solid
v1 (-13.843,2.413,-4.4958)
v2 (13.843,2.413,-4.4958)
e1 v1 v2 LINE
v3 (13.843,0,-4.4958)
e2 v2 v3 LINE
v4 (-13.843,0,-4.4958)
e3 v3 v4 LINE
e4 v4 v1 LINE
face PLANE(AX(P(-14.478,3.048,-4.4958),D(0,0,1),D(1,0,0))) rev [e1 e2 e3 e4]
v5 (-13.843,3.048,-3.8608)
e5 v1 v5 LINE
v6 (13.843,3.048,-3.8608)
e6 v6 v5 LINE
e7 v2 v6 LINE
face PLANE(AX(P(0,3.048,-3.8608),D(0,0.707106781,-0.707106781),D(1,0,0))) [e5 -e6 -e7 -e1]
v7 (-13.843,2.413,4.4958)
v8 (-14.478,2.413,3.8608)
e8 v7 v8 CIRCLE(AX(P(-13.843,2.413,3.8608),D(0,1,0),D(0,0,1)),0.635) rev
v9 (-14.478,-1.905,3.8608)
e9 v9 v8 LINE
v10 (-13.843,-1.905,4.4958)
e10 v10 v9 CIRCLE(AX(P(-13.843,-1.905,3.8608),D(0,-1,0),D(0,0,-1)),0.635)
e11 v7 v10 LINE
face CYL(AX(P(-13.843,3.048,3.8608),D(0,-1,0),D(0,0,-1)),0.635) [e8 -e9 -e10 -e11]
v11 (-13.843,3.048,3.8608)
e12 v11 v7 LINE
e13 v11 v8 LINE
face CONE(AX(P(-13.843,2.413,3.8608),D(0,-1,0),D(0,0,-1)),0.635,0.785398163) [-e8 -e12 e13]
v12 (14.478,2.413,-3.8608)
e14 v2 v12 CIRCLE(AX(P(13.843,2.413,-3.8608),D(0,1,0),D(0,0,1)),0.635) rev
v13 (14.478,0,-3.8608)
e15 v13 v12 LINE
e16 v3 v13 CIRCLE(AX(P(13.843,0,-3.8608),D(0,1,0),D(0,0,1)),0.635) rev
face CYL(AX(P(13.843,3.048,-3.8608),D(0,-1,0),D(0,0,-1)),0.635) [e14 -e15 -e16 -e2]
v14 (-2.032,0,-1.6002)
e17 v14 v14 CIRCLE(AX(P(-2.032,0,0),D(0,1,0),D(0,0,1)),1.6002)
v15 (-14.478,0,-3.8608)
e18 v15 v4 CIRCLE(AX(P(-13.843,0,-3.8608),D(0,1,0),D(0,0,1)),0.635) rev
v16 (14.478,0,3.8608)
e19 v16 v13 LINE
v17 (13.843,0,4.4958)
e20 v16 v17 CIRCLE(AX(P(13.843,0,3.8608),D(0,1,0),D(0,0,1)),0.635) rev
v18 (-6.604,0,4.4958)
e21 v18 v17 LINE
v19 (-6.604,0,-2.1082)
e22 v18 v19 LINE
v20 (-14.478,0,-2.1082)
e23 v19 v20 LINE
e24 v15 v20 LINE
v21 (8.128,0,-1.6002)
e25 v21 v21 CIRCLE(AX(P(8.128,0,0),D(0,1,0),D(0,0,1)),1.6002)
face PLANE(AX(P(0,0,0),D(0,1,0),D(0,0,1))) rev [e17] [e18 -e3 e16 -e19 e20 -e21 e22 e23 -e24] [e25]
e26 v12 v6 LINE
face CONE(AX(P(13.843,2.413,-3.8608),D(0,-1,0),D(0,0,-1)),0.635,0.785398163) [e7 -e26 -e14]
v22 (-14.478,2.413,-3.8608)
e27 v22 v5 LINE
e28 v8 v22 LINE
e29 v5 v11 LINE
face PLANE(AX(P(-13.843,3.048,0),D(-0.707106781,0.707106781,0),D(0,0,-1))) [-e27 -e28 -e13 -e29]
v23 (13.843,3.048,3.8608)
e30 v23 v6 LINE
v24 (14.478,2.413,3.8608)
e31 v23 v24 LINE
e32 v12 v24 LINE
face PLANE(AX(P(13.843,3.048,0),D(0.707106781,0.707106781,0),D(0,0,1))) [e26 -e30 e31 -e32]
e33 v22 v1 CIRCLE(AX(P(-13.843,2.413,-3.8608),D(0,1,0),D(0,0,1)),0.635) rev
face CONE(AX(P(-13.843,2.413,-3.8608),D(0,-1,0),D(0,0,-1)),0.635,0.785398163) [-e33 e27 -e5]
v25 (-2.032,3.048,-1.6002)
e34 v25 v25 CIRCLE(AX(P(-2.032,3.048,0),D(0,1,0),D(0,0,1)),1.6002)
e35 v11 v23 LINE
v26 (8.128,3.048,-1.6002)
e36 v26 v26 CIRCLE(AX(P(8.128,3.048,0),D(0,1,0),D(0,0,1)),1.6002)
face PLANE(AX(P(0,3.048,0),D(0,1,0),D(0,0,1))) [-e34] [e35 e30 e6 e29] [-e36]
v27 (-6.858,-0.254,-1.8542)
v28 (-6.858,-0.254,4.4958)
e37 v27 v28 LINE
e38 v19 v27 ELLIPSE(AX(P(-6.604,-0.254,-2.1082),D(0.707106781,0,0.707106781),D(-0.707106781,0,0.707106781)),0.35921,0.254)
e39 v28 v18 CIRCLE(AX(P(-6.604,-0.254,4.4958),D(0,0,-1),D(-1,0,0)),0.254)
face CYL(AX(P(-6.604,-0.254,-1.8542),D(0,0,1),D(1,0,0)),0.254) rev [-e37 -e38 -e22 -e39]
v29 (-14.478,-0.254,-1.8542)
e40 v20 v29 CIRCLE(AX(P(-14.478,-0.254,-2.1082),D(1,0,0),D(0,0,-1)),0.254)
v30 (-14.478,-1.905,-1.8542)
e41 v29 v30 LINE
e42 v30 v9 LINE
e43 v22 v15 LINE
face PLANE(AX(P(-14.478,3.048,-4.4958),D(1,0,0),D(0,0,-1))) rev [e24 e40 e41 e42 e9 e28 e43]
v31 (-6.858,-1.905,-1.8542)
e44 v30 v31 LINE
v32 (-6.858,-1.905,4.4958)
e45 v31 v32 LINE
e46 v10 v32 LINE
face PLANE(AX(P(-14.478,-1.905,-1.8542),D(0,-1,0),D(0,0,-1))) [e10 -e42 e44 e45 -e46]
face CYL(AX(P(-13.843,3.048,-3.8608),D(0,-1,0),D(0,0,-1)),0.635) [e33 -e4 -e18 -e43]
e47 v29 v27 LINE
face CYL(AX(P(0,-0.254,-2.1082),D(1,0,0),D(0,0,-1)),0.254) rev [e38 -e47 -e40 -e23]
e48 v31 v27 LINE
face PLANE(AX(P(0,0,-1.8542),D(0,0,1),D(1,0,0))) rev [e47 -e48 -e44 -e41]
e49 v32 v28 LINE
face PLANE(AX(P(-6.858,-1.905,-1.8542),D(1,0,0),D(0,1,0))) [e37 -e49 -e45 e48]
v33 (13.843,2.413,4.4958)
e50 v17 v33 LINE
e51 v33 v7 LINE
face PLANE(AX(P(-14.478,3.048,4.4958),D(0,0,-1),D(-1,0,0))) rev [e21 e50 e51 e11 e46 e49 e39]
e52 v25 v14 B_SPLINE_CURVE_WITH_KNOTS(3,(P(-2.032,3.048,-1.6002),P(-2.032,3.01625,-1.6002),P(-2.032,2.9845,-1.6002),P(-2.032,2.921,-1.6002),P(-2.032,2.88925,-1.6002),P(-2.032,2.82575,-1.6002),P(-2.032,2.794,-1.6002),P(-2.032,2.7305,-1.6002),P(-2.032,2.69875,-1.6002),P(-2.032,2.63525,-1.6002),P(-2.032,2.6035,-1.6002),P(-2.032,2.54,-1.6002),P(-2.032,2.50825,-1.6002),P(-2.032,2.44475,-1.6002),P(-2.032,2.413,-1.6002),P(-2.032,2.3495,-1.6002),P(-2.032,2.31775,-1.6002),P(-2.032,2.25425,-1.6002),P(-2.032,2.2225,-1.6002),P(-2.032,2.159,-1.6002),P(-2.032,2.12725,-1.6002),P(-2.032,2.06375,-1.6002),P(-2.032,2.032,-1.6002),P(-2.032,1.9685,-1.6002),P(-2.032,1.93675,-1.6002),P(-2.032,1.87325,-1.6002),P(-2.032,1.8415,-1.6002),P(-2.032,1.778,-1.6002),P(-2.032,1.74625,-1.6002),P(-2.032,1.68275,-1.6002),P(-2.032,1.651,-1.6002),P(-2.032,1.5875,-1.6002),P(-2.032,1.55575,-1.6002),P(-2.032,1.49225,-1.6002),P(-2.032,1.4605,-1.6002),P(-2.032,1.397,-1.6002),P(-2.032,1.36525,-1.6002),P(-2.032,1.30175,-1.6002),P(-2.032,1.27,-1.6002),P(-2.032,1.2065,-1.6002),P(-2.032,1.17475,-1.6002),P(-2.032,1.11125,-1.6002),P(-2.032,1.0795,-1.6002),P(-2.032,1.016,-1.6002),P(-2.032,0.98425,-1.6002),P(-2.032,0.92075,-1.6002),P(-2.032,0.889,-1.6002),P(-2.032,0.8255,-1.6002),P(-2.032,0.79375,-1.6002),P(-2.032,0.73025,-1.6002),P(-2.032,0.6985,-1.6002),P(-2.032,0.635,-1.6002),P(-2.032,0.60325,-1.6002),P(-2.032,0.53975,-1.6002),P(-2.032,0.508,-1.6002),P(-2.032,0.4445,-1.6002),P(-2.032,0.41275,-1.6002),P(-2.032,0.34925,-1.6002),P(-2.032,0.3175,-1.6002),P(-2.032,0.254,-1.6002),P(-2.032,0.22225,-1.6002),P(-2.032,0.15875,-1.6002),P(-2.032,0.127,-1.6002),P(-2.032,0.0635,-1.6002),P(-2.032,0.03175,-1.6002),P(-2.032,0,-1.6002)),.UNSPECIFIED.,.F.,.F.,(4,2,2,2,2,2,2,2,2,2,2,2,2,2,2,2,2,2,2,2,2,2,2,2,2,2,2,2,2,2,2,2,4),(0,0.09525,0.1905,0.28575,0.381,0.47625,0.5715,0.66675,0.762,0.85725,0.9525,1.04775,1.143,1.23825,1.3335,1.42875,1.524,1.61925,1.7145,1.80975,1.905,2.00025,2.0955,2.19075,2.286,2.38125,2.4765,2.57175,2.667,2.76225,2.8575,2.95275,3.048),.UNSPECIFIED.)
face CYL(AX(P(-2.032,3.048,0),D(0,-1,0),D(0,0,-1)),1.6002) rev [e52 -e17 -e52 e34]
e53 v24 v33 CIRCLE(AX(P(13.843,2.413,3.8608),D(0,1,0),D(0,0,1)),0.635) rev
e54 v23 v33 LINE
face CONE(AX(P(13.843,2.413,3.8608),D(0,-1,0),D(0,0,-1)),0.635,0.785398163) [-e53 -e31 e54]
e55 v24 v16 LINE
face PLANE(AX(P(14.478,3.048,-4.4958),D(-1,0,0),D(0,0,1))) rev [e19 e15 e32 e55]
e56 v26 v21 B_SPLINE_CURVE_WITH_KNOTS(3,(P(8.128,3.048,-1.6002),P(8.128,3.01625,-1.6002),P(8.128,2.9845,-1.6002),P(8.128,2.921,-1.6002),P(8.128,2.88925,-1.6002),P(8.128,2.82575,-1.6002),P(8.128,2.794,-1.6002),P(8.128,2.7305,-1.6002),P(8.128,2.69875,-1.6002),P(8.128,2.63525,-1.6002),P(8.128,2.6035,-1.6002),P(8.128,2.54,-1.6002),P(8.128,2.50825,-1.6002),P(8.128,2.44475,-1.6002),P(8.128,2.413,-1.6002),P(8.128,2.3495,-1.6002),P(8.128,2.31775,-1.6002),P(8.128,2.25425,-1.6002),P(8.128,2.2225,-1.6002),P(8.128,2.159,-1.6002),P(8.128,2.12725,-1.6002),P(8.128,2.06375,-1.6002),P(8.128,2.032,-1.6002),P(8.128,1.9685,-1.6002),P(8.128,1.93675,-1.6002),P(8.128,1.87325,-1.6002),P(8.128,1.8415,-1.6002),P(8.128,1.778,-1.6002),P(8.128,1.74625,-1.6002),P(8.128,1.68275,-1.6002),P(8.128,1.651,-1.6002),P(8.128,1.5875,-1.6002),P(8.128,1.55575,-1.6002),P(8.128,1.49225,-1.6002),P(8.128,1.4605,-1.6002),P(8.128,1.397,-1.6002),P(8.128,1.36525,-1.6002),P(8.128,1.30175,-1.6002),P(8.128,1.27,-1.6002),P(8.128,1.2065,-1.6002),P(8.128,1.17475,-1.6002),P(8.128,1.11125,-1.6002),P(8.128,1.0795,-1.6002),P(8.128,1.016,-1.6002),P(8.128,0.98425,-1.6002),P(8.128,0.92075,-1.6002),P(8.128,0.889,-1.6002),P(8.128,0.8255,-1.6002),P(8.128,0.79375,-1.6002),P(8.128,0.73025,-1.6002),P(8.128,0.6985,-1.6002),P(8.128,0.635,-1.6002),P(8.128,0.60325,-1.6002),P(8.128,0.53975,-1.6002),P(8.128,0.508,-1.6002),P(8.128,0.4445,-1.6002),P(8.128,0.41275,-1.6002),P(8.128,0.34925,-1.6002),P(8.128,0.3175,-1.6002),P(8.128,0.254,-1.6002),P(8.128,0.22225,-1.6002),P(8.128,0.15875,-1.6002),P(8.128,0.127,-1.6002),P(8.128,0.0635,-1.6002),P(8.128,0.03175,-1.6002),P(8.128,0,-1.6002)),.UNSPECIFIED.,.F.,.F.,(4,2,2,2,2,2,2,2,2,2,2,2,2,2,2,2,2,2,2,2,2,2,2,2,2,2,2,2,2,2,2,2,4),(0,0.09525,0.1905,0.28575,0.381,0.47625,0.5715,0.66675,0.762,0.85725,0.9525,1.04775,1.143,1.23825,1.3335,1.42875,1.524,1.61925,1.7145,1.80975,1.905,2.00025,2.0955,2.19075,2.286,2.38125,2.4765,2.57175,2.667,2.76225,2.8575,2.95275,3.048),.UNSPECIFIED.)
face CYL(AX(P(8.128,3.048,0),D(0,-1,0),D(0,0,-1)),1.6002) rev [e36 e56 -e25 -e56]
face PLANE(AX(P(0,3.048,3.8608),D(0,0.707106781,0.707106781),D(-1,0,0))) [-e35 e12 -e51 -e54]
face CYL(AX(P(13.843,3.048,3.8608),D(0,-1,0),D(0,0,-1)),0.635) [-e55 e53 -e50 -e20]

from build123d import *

# Parameters (mm, degrees)
SKETCH1_W           = 28.956
SKETCH1_H           = 8.9916
SKETCH1_R           = 1.6002
BOSS_EXTRUDE1_DEPTH = 3.048
SKETCH2_W           = 7.62
SKETCH2_H           = 1.905
BOSS_EXTRUDE2_DEPTH = 6.35
FILLET1_R           = 0.254
FILLET2_R           = 0.635
CHAMFER1_SIZE       = 0.635


with BuildPart() as part:
    # Sketch1 → Boss-Extrude1 (new body)
    with BuildSketch(Plane(origin=(0, 0, 0), x_dir=(1, 0, 0), z_dir=(0, 1, 0))):
        Rectangle(SKETCH1_W, SKETCH1_H)
        with Locations(Location((8.128, 0, 0), (0, 0, 90))):
            Circle(SKETCH1_R, mode=Mode.SUBTRACT)
        with Locations(Location((-2.032, 0, 0), (0, 0, 90))):
            Circle(SKETCH1_R, mode=Mode.SUBTRACT)
    extrude(amount=BOSS_EXTRUDE1_DEPTH)

    # Sketch2 → Boss-Extrude2 (add)
    with BuildSketch(Plane.XY.offset(4.4958)):
        with Locations((-10.668, -0.9525)):
            Rectangle(SKETCH2_W, SKETCH2_H)
    extrude(amount=-BOSS_EXTRUDE2_DEPTH)

    # Fillet1
    fillet1_edges = [part.edges().sort_by_distance(p)[0] for p in [
        (-10.668, 0, -1.8542),
        (-6.858, 0, 1.3208),
    ]]
    fillet(fillet1_edges, radius=FILLET1_R)

    # Fillet2
    fillet2_edges = [part.edges().sort_by_distance(p)[0] for p in [
        (14.478, 1.524, 4.4958),
        (-14.478, 0.5715, 4.4958),
        (-14.478, 1.524, -4.4958),
        (14.478, 1.524, -4.4958),
    ]]
    fillet(fillet2_edges, radius=FILLET2_R)

    # Chamfer1
    chamfer1_edges = [part.edges().sort_by_distance(p)[0] for p in [
        (0, 3.048, -4.4958),
        (14.478, 3.048, 0),
        (-14.478, 3.048, 0),
        (0, 3.048, 4.4958),
        (-14.292012806, 3.048, -4.309812806),
        (-14.292012806, 3.048, 4.309812806),
        (14.292012806, 3.048, 4.309812806),
        (14.292012806, 3.048, -4.309812806),
    ]]
    chamfer(chamfer1_edges, length=CHAMFER1_SIZE)


solid = part.part
